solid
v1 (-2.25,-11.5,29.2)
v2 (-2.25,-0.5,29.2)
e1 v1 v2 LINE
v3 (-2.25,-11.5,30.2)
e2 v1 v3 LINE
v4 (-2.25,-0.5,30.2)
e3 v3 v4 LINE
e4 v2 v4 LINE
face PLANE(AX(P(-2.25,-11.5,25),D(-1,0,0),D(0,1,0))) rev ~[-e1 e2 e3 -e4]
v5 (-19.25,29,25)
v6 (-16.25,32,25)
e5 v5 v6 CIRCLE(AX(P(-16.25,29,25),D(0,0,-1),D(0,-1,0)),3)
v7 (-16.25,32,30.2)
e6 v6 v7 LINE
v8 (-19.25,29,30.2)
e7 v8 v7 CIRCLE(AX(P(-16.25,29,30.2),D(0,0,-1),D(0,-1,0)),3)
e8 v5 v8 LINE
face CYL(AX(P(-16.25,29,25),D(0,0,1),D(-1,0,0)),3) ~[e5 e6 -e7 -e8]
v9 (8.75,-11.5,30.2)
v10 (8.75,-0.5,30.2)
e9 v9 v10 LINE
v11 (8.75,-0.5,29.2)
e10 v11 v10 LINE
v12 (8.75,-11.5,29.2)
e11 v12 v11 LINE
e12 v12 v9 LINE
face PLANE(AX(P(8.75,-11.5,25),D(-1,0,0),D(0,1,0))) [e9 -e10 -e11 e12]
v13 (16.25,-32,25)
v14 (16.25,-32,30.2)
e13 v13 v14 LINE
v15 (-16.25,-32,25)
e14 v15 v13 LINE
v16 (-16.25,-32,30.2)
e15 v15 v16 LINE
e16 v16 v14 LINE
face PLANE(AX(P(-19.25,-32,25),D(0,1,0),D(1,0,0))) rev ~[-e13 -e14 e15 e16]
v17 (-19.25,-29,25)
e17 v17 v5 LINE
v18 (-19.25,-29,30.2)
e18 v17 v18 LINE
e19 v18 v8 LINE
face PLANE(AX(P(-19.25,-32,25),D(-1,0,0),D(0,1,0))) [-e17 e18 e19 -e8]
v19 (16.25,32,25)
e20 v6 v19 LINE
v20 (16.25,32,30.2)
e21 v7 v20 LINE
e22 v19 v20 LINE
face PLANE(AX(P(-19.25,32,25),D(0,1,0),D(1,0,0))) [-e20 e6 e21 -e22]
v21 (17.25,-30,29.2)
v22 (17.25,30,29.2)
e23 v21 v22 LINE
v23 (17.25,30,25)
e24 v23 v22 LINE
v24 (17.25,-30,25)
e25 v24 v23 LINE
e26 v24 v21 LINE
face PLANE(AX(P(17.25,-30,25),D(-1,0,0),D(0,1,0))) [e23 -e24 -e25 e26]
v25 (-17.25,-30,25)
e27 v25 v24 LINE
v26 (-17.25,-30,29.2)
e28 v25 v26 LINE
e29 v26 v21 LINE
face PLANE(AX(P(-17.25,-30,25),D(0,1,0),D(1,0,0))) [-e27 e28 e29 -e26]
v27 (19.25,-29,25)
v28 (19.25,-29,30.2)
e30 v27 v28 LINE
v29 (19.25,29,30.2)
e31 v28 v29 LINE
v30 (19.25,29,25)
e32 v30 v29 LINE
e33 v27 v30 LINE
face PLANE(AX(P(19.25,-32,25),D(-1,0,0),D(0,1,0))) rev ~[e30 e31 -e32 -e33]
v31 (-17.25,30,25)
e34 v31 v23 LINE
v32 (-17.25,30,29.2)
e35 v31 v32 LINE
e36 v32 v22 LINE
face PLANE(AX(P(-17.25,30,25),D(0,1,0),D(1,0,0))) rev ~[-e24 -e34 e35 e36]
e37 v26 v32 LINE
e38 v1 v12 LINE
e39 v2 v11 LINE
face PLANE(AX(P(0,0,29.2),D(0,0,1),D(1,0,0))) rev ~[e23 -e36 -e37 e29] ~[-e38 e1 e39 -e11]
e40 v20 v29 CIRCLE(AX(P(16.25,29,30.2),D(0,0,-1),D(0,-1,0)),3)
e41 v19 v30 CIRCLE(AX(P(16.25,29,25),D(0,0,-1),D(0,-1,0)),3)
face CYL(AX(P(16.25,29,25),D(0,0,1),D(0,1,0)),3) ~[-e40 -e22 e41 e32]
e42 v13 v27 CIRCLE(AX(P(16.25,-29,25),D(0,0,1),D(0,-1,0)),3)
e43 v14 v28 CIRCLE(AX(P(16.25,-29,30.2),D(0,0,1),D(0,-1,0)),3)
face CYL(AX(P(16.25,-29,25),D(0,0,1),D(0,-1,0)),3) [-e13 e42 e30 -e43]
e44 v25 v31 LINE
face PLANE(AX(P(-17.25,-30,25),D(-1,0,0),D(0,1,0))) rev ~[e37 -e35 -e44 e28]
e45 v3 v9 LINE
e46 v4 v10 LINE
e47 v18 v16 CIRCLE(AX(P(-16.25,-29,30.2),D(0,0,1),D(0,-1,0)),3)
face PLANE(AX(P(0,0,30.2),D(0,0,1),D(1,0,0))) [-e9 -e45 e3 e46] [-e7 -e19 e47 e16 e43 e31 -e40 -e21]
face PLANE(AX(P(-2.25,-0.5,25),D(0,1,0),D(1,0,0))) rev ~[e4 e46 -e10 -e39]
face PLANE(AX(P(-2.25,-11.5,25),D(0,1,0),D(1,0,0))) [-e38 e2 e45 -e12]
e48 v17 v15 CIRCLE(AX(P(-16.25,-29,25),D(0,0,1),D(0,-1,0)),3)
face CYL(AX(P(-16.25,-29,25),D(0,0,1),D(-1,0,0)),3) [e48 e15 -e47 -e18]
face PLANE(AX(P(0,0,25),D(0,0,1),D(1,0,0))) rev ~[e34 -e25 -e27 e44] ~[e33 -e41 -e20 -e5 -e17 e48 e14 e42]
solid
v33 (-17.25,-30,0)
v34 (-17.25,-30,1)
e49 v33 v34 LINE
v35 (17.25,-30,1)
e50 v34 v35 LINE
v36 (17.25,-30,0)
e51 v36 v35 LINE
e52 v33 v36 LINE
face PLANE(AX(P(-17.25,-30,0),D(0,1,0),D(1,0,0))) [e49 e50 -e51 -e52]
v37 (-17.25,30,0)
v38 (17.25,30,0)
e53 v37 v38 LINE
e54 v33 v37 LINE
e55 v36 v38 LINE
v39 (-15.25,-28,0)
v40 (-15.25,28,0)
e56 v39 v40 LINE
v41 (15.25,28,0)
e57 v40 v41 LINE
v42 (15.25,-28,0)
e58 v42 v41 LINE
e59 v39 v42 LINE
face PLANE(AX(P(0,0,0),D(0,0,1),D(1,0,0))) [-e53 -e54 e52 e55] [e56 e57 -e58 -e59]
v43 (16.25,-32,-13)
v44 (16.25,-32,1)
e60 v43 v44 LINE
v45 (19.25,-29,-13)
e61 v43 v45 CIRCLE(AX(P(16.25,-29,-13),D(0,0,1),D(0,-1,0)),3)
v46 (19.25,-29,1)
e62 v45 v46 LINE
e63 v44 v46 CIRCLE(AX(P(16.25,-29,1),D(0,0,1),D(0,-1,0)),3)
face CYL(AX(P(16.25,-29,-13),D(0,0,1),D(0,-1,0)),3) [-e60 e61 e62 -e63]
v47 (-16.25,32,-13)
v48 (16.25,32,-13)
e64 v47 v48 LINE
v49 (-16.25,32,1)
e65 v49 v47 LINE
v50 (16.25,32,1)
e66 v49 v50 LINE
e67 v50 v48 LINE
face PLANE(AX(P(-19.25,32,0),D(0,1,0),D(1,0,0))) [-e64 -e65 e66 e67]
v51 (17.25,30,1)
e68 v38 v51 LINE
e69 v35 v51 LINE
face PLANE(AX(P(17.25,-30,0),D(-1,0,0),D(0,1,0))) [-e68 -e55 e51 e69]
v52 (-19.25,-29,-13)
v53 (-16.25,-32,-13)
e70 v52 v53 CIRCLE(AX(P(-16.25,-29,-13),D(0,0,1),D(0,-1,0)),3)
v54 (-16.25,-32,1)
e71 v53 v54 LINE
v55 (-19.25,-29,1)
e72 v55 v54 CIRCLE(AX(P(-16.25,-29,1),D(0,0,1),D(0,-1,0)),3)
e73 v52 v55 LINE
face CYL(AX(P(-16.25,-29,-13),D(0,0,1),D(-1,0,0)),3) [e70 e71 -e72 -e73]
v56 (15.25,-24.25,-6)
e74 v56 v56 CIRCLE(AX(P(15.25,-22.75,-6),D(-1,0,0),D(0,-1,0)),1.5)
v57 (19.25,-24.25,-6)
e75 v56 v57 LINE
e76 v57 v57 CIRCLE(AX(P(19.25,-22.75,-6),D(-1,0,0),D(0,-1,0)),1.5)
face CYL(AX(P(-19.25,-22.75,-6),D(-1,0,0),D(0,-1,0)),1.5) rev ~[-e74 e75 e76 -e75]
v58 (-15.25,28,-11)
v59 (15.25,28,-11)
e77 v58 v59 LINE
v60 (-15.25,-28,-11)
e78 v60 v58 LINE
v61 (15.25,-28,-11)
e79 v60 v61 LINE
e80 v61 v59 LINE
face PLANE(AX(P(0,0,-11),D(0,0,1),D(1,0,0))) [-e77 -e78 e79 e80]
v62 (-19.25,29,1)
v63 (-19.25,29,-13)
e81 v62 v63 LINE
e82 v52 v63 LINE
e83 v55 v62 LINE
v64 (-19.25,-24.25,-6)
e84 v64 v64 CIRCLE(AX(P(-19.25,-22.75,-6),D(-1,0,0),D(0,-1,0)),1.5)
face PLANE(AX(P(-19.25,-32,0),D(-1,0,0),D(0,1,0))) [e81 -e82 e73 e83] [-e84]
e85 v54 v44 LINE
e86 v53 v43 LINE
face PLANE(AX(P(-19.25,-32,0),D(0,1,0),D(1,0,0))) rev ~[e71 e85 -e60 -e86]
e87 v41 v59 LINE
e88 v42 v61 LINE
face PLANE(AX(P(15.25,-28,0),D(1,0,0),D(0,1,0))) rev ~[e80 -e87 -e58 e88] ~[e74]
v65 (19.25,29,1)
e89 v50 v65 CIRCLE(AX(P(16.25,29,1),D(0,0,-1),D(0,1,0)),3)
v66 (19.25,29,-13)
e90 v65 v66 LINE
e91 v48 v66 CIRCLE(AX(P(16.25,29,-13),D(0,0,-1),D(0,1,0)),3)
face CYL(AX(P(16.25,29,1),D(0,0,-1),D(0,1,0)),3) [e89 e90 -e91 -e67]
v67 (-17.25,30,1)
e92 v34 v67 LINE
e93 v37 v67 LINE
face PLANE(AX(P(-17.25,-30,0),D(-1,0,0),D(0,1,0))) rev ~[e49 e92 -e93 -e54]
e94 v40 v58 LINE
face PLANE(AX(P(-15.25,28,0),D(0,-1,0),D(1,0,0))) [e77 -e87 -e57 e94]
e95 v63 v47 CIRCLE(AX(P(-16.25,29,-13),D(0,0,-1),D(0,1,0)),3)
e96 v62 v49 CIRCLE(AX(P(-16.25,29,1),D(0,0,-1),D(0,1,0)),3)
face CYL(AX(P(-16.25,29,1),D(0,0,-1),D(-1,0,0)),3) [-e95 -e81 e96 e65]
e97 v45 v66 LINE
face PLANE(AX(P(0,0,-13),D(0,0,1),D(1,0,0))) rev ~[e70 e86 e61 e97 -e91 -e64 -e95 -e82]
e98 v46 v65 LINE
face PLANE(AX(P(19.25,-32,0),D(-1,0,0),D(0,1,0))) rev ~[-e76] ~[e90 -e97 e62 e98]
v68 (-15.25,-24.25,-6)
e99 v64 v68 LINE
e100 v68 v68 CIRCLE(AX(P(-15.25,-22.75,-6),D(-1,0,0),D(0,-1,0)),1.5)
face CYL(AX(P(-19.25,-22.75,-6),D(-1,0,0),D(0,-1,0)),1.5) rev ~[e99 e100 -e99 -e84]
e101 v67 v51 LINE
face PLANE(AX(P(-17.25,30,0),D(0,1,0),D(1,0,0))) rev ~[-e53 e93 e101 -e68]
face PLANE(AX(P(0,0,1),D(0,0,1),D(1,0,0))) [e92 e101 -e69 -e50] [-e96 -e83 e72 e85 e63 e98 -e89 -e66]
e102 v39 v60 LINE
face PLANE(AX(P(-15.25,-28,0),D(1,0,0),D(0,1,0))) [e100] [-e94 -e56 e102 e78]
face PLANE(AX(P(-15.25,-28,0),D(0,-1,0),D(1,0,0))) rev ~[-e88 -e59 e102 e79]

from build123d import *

# Parameters (mm, degrees)
F0_W      = 38.5
F0_H      = 64
F0_W_2    = 34.5
F0_H_2    = 60
F0_W_3    = 30.5
F0_H_3    = 56
F1_DEPTH  = 13
F2_DEPTH  = 1
F3_DEPTH  = 11
F4_R      = 3
F5_R      = 1.5
F6_DEPTH  = 38.501
F8_W      = 38.5
F8_H      = 64
F8_W_2    = 34.5
F8_H_2    = 60
F8_W_3    = 30.5
F8_H_3    = 56
F8_W_4    = 11
F8_H_4    = 11
F9_DEPTH  = 5.2
F10_DEPTH = 4.2
F11_R     = 3


with BuildPart() as f1:
    # F0 (on Top) → F1 (new body)
    with BuildSketch(Plane.XY):
        Rectangle(F0_W, F0_H)
        Rectangle(F0_W_2, F0_H_2, mode=Mode.SUBTRACT)
        Rectangle(F0_W_2, F0_H_2)
        Rectangle(F0_W_3, F0_H_3, mode=Mode.SUBTRACT)
        Rectangle(F0_W_3, F0_H_3)
    extrude(amount=-F1_DEPTH)

    # F0 (on Top) → F2 (join)
    with BuildSketch(Plane.XY):
        Rectangle(F0_W, F0_H)
        Rectangle(F0_W_2, F0_H_2, mode=Mode.SUBTRACT)
    extrude(amount=F2_DEPTH)

    # F0 (on Top) → F3 (cut)
    with BuildSketch(Plane.XY):
        Rectangle(F0_W_3, F0_H_3)
    extrude(amount=-F3_DEPTH, mode=Mode.SUBTRACT)

    # F4
    f4_edges = [f1.edges().sort_by_distance(p)[0] for p in [
        (-19.25, -32, -6),
        (19.25, -32, -6),
        (19.25, 32, -6),
        (-19.25, 32, -6),
    ]]
    fillet(f4_edges, radius=F4_R)

    # F5 (on face) → F6 (cut, through all)
    with BuildSketch(Plane(origin=(-19.25, 0, 0), x_dir=(0, -1, 0), z_dir=(-1, 0, 0))):
        with Locations((22.75, -6)):
            Circle(F5_R)
    extrude(amount=-F6_DEPTH, mode=Mode.SUBTRACT)


with BuildPart() as f9:
    # F8 (on offset) → F9 (new body)
    with BuildSketch(Plane.XY.offset(25)):
        Rectangle(F8_W, F8_H)
        Rectangle(F8_W_2, F8_H_2, mode=Mode.SUBTRACT)
        Rectangle(F8_W_2, F8_H_2)
        Rectangle(F8_W_3, F8_H_3, mode=Mode.SUBTRACT)
        Rectangle(F8_W_3, F8_H_3)
        with Locations((3.25, -6)):
            Rectangle(F8_W_4, F8_H_4, mode=Mode.SUBTRACT)
    extrude(amount=F9_DEPTH)

    # F8 (on offset) → F10 (cut)
    with BuildSketch(Plane.XY.offset(25)):
        Rectangle(F8_W_2, F8_H_2)
        Rectangle(F8_W_3, F8_H_3, mode=Mode.SUBTRACT)
        Rectangle(F8_W_3, F8_H_3)
        with Locations((3.25, -6)):
            Rectangle(F8_W_4, F8_H_4, mode=Mode.SUBTRACT)
    extrude(amount=F10_DEPTH, mode=Mode.SUBTRACT)

    # F11
    f11_edges = [f9.edges().sort_by_distance(p)[0] for p in [
        (-19.25, -32, 27.6),
        (19.25, -32, 27.6),
        (19.25, 32, 27.6),
        (-19.25, 32, 27.6),
    ]]
    fillet(f11_edges, radius=F11_R)


solid = Compound([f1.part, f9.part])
